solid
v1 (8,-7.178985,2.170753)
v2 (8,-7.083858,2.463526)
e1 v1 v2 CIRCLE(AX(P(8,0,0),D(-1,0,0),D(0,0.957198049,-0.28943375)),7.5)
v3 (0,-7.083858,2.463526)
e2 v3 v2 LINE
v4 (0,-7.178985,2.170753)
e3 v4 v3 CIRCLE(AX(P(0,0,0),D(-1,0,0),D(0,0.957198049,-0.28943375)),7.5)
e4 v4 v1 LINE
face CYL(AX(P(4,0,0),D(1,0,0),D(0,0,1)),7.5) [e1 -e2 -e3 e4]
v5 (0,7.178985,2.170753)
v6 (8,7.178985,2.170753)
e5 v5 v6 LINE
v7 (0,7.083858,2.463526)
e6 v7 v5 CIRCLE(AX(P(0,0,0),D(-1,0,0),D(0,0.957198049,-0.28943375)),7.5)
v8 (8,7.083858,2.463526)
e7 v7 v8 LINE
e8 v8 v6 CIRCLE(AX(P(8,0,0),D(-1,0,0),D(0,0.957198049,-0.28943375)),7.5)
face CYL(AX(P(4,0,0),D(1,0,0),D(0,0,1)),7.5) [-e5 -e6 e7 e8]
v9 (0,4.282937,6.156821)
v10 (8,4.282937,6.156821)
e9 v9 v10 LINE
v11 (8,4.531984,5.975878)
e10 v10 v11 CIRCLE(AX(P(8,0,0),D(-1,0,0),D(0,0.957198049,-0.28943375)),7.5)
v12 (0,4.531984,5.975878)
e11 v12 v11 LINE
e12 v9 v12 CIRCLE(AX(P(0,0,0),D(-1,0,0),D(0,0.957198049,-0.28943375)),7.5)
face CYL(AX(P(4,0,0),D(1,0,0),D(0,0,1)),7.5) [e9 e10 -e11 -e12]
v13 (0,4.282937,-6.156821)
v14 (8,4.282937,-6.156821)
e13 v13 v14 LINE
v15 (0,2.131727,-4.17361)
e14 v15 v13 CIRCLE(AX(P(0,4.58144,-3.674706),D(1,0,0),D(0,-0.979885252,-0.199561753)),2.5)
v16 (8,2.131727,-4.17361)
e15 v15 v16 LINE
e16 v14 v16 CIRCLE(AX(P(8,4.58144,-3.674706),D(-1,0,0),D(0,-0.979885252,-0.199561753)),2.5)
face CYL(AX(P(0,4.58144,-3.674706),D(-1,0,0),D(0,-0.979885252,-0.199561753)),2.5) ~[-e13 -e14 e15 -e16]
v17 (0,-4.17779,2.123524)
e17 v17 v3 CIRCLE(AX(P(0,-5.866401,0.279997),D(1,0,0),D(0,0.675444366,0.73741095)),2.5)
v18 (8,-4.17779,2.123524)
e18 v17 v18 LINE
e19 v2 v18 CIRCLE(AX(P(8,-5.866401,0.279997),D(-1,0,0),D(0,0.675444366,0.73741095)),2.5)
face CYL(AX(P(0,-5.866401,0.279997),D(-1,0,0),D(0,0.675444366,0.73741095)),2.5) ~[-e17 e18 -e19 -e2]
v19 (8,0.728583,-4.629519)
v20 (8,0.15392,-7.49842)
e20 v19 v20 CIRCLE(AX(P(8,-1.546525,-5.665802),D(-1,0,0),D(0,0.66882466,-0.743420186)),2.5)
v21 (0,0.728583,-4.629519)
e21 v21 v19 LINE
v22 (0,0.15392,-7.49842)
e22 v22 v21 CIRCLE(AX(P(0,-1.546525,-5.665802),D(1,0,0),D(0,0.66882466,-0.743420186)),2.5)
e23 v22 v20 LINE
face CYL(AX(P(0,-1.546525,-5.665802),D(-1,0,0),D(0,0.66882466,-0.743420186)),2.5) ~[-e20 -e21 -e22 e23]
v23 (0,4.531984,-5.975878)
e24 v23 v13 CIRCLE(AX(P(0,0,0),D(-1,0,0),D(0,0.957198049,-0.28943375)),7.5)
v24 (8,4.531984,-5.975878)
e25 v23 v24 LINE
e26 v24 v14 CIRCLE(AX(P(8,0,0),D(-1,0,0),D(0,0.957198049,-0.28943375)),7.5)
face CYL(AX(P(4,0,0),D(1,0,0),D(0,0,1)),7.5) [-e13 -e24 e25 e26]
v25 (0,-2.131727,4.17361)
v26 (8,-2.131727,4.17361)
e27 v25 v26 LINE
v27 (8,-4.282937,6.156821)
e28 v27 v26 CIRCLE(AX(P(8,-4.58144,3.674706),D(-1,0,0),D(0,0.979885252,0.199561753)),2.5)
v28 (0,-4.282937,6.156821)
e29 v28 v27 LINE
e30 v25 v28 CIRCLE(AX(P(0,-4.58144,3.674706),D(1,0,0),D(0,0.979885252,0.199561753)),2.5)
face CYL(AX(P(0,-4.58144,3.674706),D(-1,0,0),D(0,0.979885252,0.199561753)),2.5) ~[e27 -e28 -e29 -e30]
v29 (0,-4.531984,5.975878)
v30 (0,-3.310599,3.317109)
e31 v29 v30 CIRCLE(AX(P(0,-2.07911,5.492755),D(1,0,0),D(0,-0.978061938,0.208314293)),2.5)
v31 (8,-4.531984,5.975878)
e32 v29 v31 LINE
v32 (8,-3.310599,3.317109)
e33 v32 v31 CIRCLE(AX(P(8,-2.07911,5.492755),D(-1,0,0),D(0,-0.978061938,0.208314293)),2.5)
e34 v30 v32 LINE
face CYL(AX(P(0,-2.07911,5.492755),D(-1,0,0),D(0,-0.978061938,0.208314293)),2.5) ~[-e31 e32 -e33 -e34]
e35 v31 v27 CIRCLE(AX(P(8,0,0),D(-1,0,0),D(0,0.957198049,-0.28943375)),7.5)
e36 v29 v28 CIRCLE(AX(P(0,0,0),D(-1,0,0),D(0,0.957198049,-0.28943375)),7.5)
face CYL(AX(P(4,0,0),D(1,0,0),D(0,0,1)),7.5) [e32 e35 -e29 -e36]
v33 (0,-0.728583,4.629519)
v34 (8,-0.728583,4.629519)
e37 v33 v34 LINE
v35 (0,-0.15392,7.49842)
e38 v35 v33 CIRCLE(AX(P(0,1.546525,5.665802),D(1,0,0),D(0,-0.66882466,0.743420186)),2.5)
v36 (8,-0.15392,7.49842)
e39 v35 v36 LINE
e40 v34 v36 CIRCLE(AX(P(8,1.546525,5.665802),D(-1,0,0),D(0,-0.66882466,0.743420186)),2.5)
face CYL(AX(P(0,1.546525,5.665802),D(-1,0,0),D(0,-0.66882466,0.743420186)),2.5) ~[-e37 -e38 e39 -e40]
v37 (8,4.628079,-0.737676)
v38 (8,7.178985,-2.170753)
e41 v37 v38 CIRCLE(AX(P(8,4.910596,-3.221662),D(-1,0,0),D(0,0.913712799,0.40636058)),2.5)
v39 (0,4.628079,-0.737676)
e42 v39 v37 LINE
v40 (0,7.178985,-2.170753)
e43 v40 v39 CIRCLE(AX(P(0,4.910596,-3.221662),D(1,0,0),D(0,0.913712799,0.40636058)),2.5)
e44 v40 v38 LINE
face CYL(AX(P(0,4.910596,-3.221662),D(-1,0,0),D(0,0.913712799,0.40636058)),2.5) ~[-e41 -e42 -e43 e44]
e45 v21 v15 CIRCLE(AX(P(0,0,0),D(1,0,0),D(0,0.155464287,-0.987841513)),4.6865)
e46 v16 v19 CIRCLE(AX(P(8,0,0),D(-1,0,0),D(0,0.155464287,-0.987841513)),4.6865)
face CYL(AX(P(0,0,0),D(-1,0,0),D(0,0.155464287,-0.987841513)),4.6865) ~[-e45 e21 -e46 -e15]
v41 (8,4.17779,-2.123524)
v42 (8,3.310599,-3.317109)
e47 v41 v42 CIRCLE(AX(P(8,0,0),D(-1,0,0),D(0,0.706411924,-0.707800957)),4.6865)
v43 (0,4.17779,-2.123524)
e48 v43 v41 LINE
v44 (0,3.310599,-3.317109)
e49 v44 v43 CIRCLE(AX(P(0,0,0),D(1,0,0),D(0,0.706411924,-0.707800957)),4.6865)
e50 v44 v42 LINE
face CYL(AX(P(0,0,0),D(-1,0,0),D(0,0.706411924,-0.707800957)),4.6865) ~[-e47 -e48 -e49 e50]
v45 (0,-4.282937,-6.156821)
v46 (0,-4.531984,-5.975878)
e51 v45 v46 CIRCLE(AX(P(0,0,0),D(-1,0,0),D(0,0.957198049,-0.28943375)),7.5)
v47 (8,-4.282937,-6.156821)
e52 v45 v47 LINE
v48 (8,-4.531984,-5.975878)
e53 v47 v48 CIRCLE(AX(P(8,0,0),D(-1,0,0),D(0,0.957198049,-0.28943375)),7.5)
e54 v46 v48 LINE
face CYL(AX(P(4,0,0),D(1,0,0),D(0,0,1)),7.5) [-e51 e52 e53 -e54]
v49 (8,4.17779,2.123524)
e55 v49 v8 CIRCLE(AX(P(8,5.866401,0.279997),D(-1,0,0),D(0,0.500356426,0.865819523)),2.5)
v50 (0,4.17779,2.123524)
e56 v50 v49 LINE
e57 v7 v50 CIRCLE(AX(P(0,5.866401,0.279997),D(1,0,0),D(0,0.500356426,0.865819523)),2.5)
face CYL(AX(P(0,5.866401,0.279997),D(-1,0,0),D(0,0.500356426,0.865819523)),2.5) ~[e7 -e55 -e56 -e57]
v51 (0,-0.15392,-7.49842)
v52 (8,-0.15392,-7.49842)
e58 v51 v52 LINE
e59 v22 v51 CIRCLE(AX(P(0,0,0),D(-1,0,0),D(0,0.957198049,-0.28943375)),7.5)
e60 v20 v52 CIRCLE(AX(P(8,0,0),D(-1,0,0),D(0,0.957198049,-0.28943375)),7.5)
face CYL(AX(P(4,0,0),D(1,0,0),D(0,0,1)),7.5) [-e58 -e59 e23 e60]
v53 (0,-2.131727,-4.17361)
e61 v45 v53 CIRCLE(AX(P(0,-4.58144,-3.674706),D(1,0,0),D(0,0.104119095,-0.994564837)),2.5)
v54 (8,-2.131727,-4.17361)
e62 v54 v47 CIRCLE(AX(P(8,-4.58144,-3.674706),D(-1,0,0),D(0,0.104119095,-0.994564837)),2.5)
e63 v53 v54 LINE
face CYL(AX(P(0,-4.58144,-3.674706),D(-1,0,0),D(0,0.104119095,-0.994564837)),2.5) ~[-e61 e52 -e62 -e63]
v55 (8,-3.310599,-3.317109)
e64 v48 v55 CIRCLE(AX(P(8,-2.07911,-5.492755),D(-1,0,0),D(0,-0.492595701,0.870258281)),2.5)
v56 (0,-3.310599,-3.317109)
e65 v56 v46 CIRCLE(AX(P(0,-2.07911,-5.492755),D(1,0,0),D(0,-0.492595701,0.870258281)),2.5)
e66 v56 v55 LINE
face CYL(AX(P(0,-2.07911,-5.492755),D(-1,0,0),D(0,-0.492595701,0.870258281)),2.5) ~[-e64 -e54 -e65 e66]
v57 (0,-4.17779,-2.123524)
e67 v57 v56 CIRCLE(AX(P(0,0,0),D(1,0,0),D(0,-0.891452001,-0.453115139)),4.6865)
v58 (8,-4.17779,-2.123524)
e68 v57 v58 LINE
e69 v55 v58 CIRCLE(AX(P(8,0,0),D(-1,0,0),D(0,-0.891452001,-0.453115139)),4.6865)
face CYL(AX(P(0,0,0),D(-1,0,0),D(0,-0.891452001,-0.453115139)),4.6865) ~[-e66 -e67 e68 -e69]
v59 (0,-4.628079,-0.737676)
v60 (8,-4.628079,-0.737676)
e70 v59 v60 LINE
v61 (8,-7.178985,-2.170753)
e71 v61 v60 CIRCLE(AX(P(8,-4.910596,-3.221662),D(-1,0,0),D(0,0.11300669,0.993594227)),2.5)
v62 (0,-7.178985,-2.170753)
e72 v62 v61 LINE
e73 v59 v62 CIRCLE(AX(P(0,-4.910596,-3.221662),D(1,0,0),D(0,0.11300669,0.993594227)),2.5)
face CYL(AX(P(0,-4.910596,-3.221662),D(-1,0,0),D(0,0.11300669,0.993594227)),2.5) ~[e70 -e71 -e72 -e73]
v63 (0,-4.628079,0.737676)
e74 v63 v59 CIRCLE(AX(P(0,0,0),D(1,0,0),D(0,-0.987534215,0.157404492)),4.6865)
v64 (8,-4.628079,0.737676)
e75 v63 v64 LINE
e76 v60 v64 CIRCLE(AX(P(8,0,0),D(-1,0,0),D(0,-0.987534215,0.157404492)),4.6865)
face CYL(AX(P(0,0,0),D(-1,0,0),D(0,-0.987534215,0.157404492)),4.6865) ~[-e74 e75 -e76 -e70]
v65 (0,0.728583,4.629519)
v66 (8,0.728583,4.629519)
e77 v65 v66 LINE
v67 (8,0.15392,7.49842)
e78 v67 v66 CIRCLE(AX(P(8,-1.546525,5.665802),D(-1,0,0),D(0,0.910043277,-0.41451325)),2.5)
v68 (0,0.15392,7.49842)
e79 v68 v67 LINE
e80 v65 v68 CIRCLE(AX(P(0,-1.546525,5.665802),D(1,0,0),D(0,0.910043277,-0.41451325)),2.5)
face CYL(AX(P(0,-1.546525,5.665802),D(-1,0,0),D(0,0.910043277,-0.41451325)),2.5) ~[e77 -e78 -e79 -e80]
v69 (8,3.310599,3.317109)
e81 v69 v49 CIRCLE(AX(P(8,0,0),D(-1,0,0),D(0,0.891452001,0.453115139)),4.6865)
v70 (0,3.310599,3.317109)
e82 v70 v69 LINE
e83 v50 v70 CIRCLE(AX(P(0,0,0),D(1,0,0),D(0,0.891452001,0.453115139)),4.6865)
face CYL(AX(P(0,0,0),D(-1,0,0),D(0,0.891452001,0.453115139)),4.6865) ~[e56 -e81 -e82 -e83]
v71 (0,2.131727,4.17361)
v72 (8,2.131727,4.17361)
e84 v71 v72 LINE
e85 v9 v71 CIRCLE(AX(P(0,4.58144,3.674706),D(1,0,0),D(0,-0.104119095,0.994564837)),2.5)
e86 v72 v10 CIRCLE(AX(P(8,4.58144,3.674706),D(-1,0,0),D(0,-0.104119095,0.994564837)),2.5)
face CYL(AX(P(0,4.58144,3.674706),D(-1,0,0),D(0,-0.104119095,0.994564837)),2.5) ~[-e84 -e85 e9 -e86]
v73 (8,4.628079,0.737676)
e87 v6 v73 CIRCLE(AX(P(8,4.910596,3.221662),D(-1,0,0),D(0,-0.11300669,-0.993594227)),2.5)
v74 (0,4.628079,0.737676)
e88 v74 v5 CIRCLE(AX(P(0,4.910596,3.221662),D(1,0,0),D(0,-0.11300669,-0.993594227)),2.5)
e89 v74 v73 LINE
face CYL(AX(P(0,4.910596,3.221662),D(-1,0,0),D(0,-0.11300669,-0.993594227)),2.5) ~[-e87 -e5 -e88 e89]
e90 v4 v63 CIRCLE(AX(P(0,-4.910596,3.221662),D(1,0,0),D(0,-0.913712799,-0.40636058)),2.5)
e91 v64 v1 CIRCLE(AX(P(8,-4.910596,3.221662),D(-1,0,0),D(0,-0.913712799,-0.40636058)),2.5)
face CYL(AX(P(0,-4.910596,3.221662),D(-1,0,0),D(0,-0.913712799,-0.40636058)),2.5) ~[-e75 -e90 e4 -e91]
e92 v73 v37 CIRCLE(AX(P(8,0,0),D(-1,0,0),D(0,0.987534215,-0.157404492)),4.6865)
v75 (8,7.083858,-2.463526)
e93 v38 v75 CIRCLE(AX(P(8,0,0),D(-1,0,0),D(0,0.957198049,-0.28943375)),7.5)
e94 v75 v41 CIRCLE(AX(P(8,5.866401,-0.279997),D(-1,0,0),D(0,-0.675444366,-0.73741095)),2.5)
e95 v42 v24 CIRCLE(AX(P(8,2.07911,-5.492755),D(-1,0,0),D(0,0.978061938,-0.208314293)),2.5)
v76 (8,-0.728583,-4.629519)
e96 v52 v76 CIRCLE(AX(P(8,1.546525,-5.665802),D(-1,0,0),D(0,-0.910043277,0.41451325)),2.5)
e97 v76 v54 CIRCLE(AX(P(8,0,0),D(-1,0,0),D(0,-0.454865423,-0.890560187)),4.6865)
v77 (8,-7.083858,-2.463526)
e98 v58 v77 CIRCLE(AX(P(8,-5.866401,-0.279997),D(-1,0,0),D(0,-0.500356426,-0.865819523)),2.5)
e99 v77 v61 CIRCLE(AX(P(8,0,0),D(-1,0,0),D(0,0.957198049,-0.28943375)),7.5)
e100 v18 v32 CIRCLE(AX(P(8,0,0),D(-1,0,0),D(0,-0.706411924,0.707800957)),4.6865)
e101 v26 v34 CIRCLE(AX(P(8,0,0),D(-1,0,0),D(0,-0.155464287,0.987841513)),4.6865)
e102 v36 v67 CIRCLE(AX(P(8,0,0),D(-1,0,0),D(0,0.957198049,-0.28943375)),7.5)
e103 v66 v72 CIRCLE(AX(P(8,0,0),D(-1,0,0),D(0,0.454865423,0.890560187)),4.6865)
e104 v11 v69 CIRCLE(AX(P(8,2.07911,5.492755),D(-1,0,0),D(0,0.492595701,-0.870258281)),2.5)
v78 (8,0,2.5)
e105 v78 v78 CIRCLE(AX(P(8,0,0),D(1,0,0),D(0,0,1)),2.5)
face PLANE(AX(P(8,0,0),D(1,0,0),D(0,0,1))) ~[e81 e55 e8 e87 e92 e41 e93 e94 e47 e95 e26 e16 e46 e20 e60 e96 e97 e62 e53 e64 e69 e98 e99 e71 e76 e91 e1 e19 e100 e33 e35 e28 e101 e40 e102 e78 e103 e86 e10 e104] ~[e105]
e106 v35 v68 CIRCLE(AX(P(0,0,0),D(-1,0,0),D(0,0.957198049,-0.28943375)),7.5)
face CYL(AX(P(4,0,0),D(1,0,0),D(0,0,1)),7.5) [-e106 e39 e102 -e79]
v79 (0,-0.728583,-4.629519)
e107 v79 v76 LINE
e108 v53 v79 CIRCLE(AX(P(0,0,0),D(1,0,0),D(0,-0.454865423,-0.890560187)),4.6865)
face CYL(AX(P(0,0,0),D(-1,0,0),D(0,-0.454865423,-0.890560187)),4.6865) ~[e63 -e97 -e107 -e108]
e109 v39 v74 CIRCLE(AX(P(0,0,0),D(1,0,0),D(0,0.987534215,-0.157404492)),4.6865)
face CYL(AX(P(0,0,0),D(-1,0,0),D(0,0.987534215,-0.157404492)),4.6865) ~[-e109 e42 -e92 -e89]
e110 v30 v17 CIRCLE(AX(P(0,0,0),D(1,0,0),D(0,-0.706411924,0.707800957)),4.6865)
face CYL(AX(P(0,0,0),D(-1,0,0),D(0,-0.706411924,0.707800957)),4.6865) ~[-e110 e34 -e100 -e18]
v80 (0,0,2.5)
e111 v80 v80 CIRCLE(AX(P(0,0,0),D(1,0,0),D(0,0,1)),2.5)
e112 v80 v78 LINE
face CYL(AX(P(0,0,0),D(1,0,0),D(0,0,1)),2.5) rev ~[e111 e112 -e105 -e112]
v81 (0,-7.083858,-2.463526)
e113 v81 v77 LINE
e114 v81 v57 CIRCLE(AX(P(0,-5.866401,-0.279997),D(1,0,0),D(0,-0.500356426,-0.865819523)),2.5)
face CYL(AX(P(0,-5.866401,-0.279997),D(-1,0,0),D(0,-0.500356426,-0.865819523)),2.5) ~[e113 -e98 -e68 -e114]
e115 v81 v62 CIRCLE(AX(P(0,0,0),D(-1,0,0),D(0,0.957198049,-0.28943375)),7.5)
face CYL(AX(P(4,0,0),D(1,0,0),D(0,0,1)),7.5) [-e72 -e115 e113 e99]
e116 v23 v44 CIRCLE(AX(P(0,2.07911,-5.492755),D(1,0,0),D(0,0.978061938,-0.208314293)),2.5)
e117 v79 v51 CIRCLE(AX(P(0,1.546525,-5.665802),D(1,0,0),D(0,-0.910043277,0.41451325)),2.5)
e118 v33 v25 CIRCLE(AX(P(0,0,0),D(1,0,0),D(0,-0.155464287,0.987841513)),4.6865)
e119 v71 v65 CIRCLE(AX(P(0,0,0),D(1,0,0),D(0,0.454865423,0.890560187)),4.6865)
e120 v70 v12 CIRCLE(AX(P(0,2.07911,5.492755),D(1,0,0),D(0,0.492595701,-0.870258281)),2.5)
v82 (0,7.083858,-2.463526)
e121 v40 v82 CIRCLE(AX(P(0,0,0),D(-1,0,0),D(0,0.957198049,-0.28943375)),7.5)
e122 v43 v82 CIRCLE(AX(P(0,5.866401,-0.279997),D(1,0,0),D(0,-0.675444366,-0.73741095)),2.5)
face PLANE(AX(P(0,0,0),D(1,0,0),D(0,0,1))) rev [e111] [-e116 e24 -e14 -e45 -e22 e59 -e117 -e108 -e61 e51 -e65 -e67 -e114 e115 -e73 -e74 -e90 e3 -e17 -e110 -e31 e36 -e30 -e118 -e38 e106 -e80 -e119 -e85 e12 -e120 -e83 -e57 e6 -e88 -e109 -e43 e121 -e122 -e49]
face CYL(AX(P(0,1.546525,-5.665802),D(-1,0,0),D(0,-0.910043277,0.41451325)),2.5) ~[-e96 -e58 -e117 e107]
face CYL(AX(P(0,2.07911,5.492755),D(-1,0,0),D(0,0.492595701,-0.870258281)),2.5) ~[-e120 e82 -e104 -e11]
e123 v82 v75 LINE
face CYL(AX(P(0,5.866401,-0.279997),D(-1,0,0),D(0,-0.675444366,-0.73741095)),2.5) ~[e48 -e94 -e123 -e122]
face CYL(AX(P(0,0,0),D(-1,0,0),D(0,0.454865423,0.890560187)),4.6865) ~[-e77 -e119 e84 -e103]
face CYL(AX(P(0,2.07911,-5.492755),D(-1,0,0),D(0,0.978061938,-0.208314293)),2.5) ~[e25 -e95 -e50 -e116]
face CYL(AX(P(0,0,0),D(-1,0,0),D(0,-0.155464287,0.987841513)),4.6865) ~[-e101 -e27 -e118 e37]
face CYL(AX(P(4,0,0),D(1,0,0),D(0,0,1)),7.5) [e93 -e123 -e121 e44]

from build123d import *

# Parameters (mm, degrees)
BASPROSKE_W     = 8
BASPROSKE_H     = 7.5
TOOTHCUT_DEPTH  = 14.285330256
TEETHCUTS_COUNT = 10
TEETHCUTS_ANGLE = 324
BORSKE_R        = 2.5
BORE_DEPTH      = 50.0000508


with BuildPart() as part:
    # BasProSke → Base-Revolve (revolve)
    with BuildSketch(Plane(origin=(0, 0, 0), x_dir=(1, 0, 0), z_dir=(0, 1, 0)), mode=Mode.PRIVATE) as base_revolve_sk:
        with Locations((4, 3.75)):
            Rectangle(BASPROSKE_W, BASPROSKE_H)
    revolve(base_revolve_sk.sketch.rotate(Axis((-10, 0, 0), (1, 0, 0)), 180), axis=Axis((-10, 0, 0), (1, 0, 0)))

    # TooCutSke → ToothCut (cut, through all)
    with BuildSketch(Plane(origin=(0, 0, 0), x_dir=(0, 0, -1), z_dir=(1, 0, 0))):
        with BuildLine():
            ThreePointArc((0.737676151, 4.628079099), (0, 4.6865), (-0.737676151, 4.628079099))
            ThreePointArc((-0.737676151, 4.628079099), (-1.051542781, 6.151798382), (-2.205760267, 7.194877817))
            ThreePointArc((-2.205760267, 7.194877817), (0, 7.5254), (2.205760267, 7.194877817))
            ThreePointArc((2.205760267, 7.194877817), (1.051542781, 6.151798382), (0.737676151, 4.628079099))
        make_face()
    toothcut = extrude(amount=TOOTHCUT_DEPTH, mode=Mode.SUBTRACT)

    # TeethCuts: ToothCut ×10 about axis
    teethcuts_axis = Axis((-10, 0, 0), (1, 0, 0))
    for i in range(1, TEETHCUTS_COUNT):
        add(toothcut.rotate(teethcuts_axis, i * TEETHCUTS_ANGLE / (TEETHCUTS_COUNT - 1)), mode=Mode.SUBTRACT)

    # BorSke → Bore (cut, symmetric)
    with BuildSketch(Plane(origin=(0, 0, 0), x_dir=(0, 0, -1), z_dir=(1, 0, 0))):
        with Locations(Location((0, 0, 0), (0, 0, 180))):
            Circle(BORSKE_R)
    extrude(amount=BORE_DEPTH, both=True, mode=Mode.SUBTRACT)


solid = part.part
